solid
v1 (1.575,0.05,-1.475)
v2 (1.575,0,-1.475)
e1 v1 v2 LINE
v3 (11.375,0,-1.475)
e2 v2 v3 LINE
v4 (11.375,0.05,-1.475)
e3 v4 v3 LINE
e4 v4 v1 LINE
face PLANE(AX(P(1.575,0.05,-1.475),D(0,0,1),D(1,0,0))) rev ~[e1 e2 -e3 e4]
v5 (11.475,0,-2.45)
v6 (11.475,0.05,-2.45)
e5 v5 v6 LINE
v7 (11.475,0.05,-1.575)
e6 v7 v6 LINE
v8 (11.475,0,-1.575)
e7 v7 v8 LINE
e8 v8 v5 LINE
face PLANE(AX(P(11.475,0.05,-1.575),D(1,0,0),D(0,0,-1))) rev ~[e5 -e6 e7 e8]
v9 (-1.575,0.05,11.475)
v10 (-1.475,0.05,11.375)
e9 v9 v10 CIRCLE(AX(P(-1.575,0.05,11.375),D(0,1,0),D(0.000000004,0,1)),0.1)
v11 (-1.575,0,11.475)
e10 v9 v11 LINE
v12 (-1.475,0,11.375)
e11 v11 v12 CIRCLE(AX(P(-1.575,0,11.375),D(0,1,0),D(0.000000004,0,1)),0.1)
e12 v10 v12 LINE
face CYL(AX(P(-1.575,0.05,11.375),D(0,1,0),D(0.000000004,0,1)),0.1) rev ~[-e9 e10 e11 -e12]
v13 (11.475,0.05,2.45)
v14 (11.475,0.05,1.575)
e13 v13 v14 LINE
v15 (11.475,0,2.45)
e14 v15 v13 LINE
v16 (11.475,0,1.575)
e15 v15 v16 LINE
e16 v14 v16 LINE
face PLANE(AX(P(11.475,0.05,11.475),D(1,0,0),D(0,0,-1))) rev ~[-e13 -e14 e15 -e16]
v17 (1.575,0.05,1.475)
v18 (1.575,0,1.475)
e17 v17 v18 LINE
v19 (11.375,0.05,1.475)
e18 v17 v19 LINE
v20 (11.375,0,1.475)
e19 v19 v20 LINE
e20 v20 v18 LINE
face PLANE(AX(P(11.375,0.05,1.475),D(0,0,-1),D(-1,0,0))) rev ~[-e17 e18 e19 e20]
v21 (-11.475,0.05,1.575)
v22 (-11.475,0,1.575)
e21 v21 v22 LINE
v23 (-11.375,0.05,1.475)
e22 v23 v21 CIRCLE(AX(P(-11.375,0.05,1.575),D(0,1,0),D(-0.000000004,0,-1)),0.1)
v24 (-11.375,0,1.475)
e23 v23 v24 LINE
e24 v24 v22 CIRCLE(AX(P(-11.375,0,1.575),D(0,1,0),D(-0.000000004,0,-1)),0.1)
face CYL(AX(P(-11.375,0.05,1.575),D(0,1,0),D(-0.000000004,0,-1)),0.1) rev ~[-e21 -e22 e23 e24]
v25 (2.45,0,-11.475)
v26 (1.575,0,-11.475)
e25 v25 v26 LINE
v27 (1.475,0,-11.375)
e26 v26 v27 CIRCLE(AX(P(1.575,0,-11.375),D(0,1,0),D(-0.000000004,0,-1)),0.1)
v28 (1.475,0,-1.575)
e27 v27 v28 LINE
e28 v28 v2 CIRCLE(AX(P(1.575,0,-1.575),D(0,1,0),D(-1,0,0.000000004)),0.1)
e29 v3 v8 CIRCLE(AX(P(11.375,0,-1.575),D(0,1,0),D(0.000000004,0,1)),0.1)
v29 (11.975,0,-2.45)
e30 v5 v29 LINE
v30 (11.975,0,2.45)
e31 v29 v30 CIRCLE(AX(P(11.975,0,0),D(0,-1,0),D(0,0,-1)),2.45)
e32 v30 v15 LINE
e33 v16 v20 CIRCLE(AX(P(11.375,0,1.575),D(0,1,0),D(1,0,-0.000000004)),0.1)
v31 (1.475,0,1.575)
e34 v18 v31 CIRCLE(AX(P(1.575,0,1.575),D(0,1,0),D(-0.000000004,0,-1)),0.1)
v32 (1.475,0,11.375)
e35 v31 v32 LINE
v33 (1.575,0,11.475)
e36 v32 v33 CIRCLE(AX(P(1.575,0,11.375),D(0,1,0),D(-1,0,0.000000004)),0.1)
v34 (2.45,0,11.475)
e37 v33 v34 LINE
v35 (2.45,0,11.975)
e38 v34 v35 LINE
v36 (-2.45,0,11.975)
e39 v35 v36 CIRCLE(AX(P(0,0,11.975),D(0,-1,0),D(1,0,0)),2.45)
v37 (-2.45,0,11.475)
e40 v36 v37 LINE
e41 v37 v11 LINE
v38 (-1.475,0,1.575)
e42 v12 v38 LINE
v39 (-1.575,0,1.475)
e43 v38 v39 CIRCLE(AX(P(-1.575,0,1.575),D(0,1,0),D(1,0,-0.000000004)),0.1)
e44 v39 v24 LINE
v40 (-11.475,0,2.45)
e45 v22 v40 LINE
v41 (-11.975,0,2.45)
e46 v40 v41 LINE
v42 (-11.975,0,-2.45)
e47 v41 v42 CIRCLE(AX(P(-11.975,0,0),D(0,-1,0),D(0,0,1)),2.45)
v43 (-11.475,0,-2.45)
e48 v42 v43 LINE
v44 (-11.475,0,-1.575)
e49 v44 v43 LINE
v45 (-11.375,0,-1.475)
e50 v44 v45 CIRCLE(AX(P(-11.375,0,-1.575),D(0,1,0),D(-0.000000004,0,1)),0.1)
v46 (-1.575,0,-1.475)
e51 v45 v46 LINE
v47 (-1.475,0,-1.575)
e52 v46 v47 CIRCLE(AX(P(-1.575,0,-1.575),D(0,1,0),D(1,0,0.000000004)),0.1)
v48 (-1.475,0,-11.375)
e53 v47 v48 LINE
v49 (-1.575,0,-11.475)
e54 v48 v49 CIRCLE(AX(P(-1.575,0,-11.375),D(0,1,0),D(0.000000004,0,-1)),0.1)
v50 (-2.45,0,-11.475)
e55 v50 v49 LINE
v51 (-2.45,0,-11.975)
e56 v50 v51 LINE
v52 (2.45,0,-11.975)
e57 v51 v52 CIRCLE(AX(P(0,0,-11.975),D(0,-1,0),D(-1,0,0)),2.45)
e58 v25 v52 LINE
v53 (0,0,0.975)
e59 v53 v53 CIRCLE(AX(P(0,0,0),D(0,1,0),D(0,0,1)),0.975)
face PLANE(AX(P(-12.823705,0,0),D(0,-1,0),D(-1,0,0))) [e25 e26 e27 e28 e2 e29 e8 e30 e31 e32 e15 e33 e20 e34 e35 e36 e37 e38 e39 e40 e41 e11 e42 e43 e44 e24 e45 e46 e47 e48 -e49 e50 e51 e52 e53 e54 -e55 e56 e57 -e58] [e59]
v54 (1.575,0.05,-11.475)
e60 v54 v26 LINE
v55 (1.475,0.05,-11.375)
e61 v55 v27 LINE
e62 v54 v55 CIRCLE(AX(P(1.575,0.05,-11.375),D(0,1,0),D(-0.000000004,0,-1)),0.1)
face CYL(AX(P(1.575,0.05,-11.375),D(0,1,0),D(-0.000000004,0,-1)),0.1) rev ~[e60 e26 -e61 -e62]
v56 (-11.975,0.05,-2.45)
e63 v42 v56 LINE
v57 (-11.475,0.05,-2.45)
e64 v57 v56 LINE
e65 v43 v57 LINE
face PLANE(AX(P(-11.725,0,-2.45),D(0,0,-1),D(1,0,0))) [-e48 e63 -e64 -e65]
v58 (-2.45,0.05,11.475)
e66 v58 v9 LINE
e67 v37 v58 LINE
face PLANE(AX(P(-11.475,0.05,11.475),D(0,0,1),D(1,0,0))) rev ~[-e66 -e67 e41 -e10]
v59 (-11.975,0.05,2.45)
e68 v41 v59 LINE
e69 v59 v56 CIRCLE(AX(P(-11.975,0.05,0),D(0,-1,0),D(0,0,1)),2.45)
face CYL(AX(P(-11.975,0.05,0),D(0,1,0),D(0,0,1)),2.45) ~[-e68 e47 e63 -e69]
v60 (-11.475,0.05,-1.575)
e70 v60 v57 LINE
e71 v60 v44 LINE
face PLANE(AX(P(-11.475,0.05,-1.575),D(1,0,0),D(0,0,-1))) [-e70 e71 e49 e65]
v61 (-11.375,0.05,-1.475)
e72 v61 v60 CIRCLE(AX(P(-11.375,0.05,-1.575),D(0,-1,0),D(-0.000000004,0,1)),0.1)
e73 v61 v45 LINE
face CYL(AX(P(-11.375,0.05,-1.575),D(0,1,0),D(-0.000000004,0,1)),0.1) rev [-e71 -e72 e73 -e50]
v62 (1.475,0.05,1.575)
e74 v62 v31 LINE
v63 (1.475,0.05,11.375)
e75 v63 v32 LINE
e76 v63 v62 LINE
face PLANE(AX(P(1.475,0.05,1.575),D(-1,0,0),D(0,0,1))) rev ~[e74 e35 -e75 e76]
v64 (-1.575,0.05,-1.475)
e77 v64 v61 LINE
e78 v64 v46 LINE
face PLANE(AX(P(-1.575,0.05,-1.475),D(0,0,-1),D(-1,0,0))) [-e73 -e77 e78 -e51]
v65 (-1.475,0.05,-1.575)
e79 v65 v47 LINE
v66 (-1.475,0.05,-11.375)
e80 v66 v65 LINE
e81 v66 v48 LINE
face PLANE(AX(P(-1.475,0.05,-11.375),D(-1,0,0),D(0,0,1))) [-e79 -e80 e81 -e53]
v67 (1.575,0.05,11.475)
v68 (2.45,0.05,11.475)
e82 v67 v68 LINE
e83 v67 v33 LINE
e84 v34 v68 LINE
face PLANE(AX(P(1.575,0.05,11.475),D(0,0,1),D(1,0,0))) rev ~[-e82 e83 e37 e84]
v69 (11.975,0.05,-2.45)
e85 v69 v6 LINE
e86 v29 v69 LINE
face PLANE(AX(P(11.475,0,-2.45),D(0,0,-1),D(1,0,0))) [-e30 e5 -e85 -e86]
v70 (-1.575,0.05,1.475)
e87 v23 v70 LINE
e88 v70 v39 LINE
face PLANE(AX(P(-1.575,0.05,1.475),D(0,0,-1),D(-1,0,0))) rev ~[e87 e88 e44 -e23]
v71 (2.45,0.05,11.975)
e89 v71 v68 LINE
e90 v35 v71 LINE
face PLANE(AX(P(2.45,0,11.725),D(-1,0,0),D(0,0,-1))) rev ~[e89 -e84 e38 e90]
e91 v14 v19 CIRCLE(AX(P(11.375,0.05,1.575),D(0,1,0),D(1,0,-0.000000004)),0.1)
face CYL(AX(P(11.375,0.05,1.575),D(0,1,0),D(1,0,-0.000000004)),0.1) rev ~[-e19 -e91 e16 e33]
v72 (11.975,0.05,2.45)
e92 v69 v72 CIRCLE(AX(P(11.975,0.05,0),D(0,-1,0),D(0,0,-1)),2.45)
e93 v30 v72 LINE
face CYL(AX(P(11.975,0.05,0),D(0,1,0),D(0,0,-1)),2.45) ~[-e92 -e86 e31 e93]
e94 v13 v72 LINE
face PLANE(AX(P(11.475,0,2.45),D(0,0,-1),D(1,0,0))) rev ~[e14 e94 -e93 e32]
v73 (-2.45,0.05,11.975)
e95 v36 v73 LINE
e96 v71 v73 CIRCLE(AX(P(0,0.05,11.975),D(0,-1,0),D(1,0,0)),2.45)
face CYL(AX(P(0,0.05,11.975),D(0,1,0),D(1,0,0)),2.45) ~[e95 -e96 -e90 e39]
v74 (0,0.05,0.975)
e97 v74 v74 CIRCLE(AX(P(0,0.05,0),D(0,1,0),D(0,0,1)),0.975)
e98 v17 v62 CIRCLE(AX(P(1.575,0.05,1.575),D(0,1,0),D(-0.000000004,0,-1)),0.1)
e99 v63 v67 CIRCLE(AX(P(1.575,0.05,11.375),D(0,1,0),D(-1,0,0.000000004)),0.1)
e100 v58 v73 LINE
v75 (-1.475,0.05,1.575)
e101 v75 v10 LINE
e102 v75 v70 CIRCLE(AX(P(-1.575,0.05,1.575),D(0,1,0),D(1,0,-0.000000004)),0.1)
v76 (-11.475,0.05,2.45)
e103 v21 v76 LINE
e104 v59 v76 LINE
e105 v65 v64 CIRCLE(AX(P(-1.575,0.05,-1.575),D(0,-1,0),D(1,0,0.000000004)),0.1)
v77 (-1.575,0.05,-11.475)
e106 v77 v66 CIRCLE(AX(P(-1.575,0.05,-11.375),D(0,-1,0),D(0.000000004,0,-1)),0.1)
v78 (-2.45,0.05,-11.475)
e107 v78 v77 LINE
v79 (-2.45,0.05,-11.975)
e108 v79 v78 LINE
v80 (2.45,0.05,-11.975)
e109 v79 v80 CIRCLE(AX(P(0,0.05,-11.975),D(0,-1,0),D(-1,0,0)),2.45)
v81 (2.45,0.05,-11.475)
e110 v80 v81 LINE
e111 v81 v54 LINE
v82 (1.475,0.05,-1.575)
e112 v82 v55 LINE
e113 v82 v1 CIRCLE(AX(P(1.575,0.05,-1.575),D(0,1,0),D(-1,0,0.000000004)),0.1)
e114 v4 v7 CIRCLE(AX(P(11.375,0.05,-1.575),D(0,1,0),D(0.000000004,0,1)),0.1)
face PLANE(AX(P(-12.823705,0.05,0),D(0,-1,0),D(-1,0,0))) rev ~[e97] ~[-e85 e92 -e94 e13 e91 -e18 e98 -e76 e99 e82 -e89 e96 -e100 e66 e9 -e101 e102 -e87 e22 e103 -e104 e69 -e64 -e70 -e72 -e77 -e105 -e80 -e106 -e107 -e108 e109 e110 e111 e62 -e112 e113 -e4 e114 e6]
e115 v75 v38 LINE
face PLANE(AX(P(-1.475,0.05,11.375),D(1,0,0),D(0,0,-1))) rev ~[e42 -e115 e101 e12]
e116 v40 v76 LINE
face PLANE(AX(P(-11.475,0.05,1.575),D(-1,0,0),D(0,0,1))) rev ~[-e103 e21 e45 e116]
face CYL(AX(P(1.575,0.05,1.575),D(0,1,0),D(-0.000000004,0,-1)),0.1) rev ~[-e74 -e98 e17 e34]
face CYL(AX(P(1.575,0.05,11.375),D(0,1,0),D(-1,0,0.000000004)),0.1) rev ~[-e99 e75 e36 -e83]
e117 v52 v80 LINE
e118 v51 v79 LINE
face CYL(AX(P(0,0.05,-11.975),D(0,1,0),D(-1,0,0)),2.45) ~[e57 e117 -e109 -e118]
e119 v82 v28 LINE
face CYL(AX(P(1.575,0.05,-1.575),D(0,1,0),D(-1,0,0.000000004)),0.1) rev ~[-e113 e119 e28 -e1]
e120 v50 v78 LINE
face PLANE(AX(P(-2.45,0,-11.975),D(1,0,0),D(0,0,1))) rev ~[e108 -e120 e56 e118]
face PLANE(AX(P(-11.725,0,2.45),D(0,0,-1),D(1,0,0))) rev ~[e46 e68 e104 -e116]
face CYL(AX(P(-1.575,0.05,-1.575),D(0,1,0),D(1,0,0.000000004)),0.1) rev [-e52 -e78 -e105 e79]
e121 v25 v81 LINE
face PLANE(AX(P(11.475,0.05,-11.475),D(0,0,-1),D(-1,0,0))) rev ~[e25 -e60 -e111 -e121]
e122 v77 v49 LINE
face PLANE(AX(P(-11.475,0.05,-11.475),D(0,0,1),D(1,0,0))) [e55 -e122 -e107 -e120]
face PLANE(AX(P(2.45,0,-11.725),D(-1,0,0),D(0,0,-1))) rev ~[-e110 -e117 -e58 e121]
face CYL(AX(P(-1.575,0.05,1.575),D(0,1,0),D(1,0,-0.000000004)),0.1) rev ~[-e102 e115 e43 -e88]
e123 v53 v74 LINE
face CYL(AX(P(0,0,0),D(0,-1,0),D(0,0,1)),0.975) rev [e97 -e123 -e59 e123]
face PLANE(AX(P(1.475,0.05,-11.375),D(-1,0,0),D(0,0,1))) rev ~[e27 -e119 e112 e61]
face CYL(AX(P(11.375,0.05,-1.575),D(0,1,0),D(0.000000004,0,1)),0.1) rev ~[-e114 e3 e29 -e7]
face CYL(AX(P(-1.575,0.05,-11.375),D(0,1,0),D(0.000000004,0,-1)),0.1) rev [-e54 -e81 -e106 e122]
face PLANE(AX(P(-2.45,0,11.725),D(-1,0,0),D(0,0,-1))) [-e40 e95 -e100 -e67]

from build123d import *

# Parameters (mm, degrees)
SKETCH1_W           = 22.95
SKETCH1_H           = 22.95
SKETCH1_W_2         = 22.45
SKETCH1_H_2         = 22.45
SKETCH1_W_3         = 0.25
SKETCH1_H_3         = 9.5
SKETCH1_W_4         = 9.5
SKETCH1_H_4         = 0.25
SKETCH1_R           = 0.975
SKETCH1_H_5         = 1
SKETCH1_W_5         = 1
BOSS_EXTRUDE5_DEPTH = 0.05
CUT_EXTRUDE1_DEPTH  = 17.93528122
SKETCH4_W           = 0.75
SKETCH4_H           = 2.95
SKETCH4_W_2         = 9.5
SKETCH4_W_3         = 2.95
SKETCH4_H_2         = 9.5
SKETCH4_H_3         = 0.75
BOSS_EXTRUDE9_DEPTH = 0.05


with BuildPart() as part:
    # Sketch1 → Boss-Extrude5 (new body)
    # profile 1 of 26: a face of its own
    with BuildSketch(Plane(origin=(0, 0, 0), x_dir=(1, 0, 0), z_dir=(0, 1, 0))):
        Rectangle(SKETCH1_W, SKETCH1_H)
        Rectangle(SKETCH1_W_2, SKETCH1_H_2, mode=Mode.SUBTRACT)
    # profile 2 of 26: a face of its own
    with BuildSketch(Plane(origin=(0, 0, 0), x_dir=(1, 0, 0), z_dir=(0, 1, 0))):
        with Locations((-1.6, -6.475)):
            Rectangle(SKETCH1_W_3, SKETCH1_H_3)
    # profile 3 of 26: a face of its own
    with BuildSketch(Plane(origin=(0, 0, 0), x_dir=(1, 0, 0), z_dir=(0, 1, 0))):
        with Locations((-6.475, -1.6)):
            Rectangle(SKETCH1_W_4, SKETCH1_H_4)
    # profile 4 of 26: a face of its own
    with BuildSketch(Plane(origin=(0, 0, 0), x_dir=(1, 0, 0), z_dir=(0, 1, 0))):
        Polygon((-1.475, -1.475), (-1.475, -1.725), (1.475, -1.725), (1.475, -1.475), (1.725, -1.475), (1.725, 1.475), (1.475, 1.475), (1.475, 1.725), (-1.475, 1.725), (-1.475, 1.475), (-1.725, 1.475), (-1.725, -1.475), align=None)
        with Locations(Location((0, 0, 0), (0, 0, 270))):
            Circle(SKETCH1_R, mode=Mode.SUBTRACT)
    # profile 5 of 26: a face of its own
    with BuildSketch(Plane(origin=(0, 0, 0), x_dir=(1, 0, 0), z_dir=(0, 1, 0))):
        with Locations((-1.6, -1.6)):
            Rectangle(SKETCH1_W_3, SKETCH1_H_4)
    # profile 6 of 26: a face of its own
    with BuildSketch(Plane(origin=(0, 0, 0), x_dir=(1, 0, 0), z_dir=(0, 1, 0))):
        with Locations((1.6, -1.6)):
            Rectangle(SKETCH1_W_3, SKETCH1_H_4)
    # profile 7 of 26: a face of its own
    with BuildSketch(Plane(origin=(0, 0, 0), x_dir=(1, 0, 0), z_dir=(0, 1, 0))):
        with Locations((6.475, -1.6)):
            Rectangle(SKETCH1_W_4, SKETCH1_H_4)
    # profile 8 of 26: a face of its own
    with BuildSketch(Plane(origin=(0, 0, 0), x_dir=(1, 0, 0), z_dir=(0, 1, 0))):
        with Locations((1.6, -6.475)):
            Rectangle(SKETCH1_W_3, SKETCH1_H_3)
    # profile 9 of 26: a face of its own
    with BuildSketch(Plane(origin=(0, 0, 0), x_dir=(1, 0, 0), z_dir=(0, 1, 0))):
        with Locations((1.6, 1.6)):
            Rectangle(SKETCH1_W_3, SKETCH1_H_4)
    # profile 10 of 26: a face of its own
    with BuildSketch(Plane(origin=(0, 0, 0), x_dir=(1, 0, 0), z_dir=(0, 1, 0))):
        with Locations((6.475, 1.6)):
            Rectangle(SKETCH1_W_4, SKETCH1_H_4)
    # profile 11 of 26: a face of its own
    with BuildSketch(Plane(origin=(0, 0, 0), x_dir=(1, 0, 0), z_dir=(0, 1, 0))):
        with Locations((1.6, 6.475)):
            Rectangle(SKETCH1_W_3, SKETCH1_H_3)
    # profile 12 of 26: a face of its own
    with BuildSketch(Plane(origin=(0, 0, 0), x_dir=(1, 0, 0), z_dir=(0, 1, 0))):
        with Locations((-1.6, 1.6)):
            Rectangle(SKETCH1_W_3, SKETCH1_H_4)
    # profile 13 of 26: a face of its own
    with BuildSketch(Plane(origin=(0, 0, 0), x_dir=(1, 0, 0), z_dir=(0, 1, 0))):
        with Locations((-6.475, 1.6)):
            Rectangle(SKETCH1_W_4, SKETCH1_H_4)
    # profile 14 of 26: a face of its own
    with BuildSketch(Plane(origin=(0, 0, 0), x_dir=(1, 0, 0), z_dir=(0, 1, 0))):
        with Locations((-1.6, 6.475)):
            Rectangle(SKETCH1_W_3, SKETCH1_H_3)
    # profile 15 of 26: a face of its own
    with BuildSketch(Plane(origin=(0, 0, 0), x_dir=(1, 0, 0), z_dir=(0, 1, 0))):
        with Locations((-11.6, -1.95)):
            Rectangle(SKETCH1_W_3, SKETCH1_H_5)
    # profile 16 of 26: a face of its own
    with BuildSketch(Plane(origin=(0, 0, 0), x_dir=(1, 0, 0), z_dir=(0, 1, 0))):
        with Locations((-11.6, 1.95)):
            Rectangle(SKETCH1_W_3, SKETCH1_H_5)
    # profile 17 of 26: a face of its own
    with BuildSketch(Plane(origin=(0, 0, 0), x_dir=(1, 0, 0), z_dir=(0, 1, 0))):
        with Locations((11.6, -1.95)):
            Rectangle(SKETCH1_W_3, SKETCH1_H_5)
    # profile 18 of 26: a face of its own
    with BuildSketch(Plane(origin=(0, 0, 0), x_dir=(1, 0, 0), z_dir=(0, 1, 0))):
        with Locations((11.6, 1.95)):
            Rectangle(SKETCH1_W_3, SKETCH1_H_5)
    # profile 19 of 26: a face of its own
    with BuildSketch(Plane(origin=(0, 0, 0), x_dir=(1, 0, 0), z_dir=(0, 1, 0))):
        with Locations((1.95, -11.6)):
            Rectangle(SKETCH1_W_5, SKETCH1_H_4)
    # profile 20 of 26: a face of its own
    with BuildSketch(Plane(origin=(0, 0, 0), x_dir=(1, 0, 0), z_dir=(0, 1, 0))):
        with Locations((-1.95, -11.6)):
            Rectangle(SKETCH1_W_5, SKETCH1_H_4)
    # profile 21 of 26: a face of its own
    with BuildSketch(Plane(origin=(0, 0, 0), x_dir=(1, 0, 0), z_dir=(0, 1, 0))):
        with Locations((1.95, 11.6)):
            Rectangle(SKETCH1_W_5, SKETCH1_H_4)
    # profile 22 of 26: a face of its own
    with BuildSketch(Plane(origin=(0, 0, 0), x_dir=(1, 0, 0), z_dir=(0, 1, 0))):
        with Locations((-1.95, 11.6)):
            Rectangle(SKETCH1_W_5, SKETCH1_H_4)
    # profile 23 of 26: a face of its own
    with BuildSketch(Plane(origin=(0, 0, 0), x_dir=(1, 0, 0), z_dir=(0, 1, 0))):
        Polygon((-11.975, -2.45), (-11.725, -2.45), (-11.725, -1.45), (-11.725, 1.45), (-11.725, 2.45), (-11.975, 2.45), align=None)
    # profile 24 of 26: a face of its own
    with BuildSketch(Plane(origin=(0, 0, 0), x_dir=(1, 0, 0), z_dir=(0, 1, 0))):
        Polygon((2.45, -11.975), (2.45, -11.725), (1.45, -11.725), (-1.45, -11.725), (-2.45, -11.725), (-2.45, -11.975), align=None)
    # profile 25 of 26: a face of its own
    with BuildSketch(Plane(origin=(0, 0, 0), x_dir=(1, 0, 0), z_dir=(0, 1, 0))):
        Polygon((11.725, -1.45), (11.725, -2.45), (11.975, -2.45), (11.975, 2.45), (11.725, 2.45), (11.725, 1.45), align=None)
    # profile 26 of 26: a face of its own
    with BuildSketch(Plane(origin=(0, 0, 0), x_dir=(1, 0, 0), z_dir=(0, 1, 0))):
        Polygon((1.45, 11.725), (2.45, 11.725), (2.45, 11.975), (-2.45, 11.975), (-2.45, 11.725), (-1.45, 11.725), align=None)
    extrude(amount=BOSS_EXTRUDE5_DEPTH)

    # Sketch2 → Cut-Extrude1 (cut, through all)
    with BuildSketch(Plane(origin=(0, 0.05, 0), x_dir=(1, 0, 0), z_dir=(0, 1, 0))):
        with BuildLine():
            Line((-11.475, 11.475), (-1.575, 11.475))
            ThreePointArc((-1.575, 11.475), (-1.504289322, 11.445710678), (-1.475, 11.375))
            Line((-1.475, 11.375), (-1.475, 1.575))
            ThreePointArc((-1.475, 1.575), (-1.504289322, 1.504289322), (-1.575, 1.475))
            Line((-1.575, 1.475), (-11.375, 1.475))
            ThreePointArc((-11.375, 1.475), (-11.445710678, 1.504289322), (-11.475, 1.575))
            Line((-11.475, 1.575), (-11.475, 11.475))
        make_face()
        with BuildLine():
            Line((11.475, 11.475), (1.575, 11.475))
            ThreePointArc((1.575, 11.475), (1.504289322, 11.445710678), (1.475, 11.375))
            Line((1.475, 11.375), (1.475, 1.575))
            ThreePointArc((1.475, 1.575), (1.504289322, 1.504289322), (1.575, 1.475))
            Line((1.575, 1.475), (11.375, 1.475))
            ThreePointArc((11.375, 1.475), (11.445710678, 1.504289322), (11.475, 1.575))
            Line((11.475, 1.575), (11.475, 11.475))
        make_face()
        with BuildLine():
            Line((11.475, -11.475), (11.475, -1.575))
            ThreePointArc((11.475, -1.575), (11.445710678, -1.504289322), (11.375, -1.475))
            Line((11.375, -1.475), (1.575, -1.475))
            ThreePointArc((1.575, -1.475), (1.504289322, -1.504289322), (1.475, -1.575))
            Line((1.475, -1.575), (1.475, -11.375))
            ThreePointArc((1.475, -11.375), (1.504289322, -11.445710678), (1.575, -11.475))
            Line((1.575, -11.475), (11.475, -11.475))
        make_face()
        with BuildLine():
            Line((-11.475, -11.475), (-1.575, -11.475))
            ThreePointArc((-1.575, -11.475), (-1.504289322, -11.445710678), (-1.475, -11.375))
            Line((-1.475, -11.375), (-1.475, -1.575))
            ThreePointArc((-1.475, -1.575), (-1.504289322, -1.504289322), (-1.575, -1.475))
            Line((-1.575, -1.475), (-11.375, -1.475))
            ThreePointArc((-11.375, -1.475), (-11.445710678, -1.504289322), (-11.475, -1.575))
            Line((-11.475, -1.575), (-11.475, -11.475))
        make_face()
    extrude(amount=-CUT_EXTRUDE1_DEPTH, mode=Mode.SUBTRACT)


with BuildPart() as cut_extrude1_piece_1:
    # of the separate pieces the step leaves, piece 1, a body of its own (cut_extrude1_pieces)
    add(part.part.solids().sort_by_distance((-1.725, 0, 1.475))[0])



with BuildPart() as cut_extrude1_piece_2:
    # of the separate pieces the step leaves, piece 2, a body of its own (cut_extrude1_pieces)
    add(part.part.solids().sort_by_distance((-1.575, 0, -11.475))[0])


with BuildPart() as cut_extrude1_piece_3:
    # of the separate pieces the step leaves, piece 3, a body of its own (cut_extrude1_pieces)
    add(part.part.solids().sort_by_distance((-11.475, 0, 2.45))[0])


with BuildPart() as cut_extrude1_piece_4:
    # of the separate pieces the step leaves, piece 4, a body of its own (cut_extrude1_pieces)
    add(part.part.solids().sort_by_distance((11.975, 0, 2.45))[0])


with BuildPart() as cut_extrude1_piece_5:
    # of the separate pieces the step leaves, piece 5, a body of its own (cut_extrude1_pieces)
    add(part.part.solids().sort_by_distance((-2.45, 0, 11.975))[0])


with BuildPart() as cut_extrude1_piece_1_1:
    add(cut_extrude1_piece_1.part)

    add(cut_extrude1_piece_2.part)  # Boss-Extrude9 merges Cut-Extrude1 piece 2

    add(cut_extrude1_piece_3.part)  # Boss-Extrude9 merges Cut-Extrude1 piece 3

    add(cut_extrude1_piece_4.part)  # Boss-Extrude9 merges Cut-Extrude1 piece 4

    add(cut_extrude1_piece_5.part)  # Boss-Extrude9 merges Cut-Extrude1 piece 5
    # Sketch4 → Boss-Extrude9 (add)
    with BuildSketch(Plane(origin=(0, 0.05, 0), x_dir=(1, 0, 0), z_dir=(0, 1, 0))):
        with BuildLine():
            Line((-11.975, 2.45), (-11.975, -2.45))
            ThreePointArc((-11.975, -2.45), (-14.425, 0), (-11.975, 2.45))
        make_face()
        with Locations((-11.6, 0)):
            Rectangle(SKETCH4_W, SKETCH4_H)
        with Locations((-6.475, 0)):
            Rectangle(SKETCH4_W_2, SKETCH4_H)
        with Locations((6.475, 0)):
            Rectangle(SKETCH4_W_2, SKETCH4_H)
        with Locations((0, 6.475)):
            Rectangle(SKETCH4_W_3, SKETCH4_H_2)
        with BuildLine():
            Line((11.975, -2.45), (11.975, 2.45))
            ThreePointArc((11.975, 2.45), (14.425, 0), (11.975, -2.45))
        make_face()
        with BuildLine():
            Line((-2.45, -11.975), (2.45, -11.975))
            ThreePointArc((2.45, -11.975), (0, -14.425), (-2.45, -11.975))
        make_face()
        with BuildLine():
            Line((2.45, 11.975), (-2.45, 11.975))
            ThreePointArc((-2.45, 11.975), (0, 14.425), (2.45, 11.975))
        make_face()
        with Locations((0, 11.6)):
            Rectangle(SKETCH4_W_3, SKETCH4_H_3)
        with Locations((11.6, 0)):
            Rectangle(SKETCH4_W, SKETCH4_H)
        with Locations((0, -6.475)):
            Rectangle(SKETCH4_W_3, SKETCH4_H_2)
        with Locations((0, -11.6)):
            Rectangle(SKETCH4_W_3, SKETCH4_H_3)
    extrude(amount=-BOSS_EXTRUDE9_DEPTH)


solid = cut_extrude1_piece_1_1.part
